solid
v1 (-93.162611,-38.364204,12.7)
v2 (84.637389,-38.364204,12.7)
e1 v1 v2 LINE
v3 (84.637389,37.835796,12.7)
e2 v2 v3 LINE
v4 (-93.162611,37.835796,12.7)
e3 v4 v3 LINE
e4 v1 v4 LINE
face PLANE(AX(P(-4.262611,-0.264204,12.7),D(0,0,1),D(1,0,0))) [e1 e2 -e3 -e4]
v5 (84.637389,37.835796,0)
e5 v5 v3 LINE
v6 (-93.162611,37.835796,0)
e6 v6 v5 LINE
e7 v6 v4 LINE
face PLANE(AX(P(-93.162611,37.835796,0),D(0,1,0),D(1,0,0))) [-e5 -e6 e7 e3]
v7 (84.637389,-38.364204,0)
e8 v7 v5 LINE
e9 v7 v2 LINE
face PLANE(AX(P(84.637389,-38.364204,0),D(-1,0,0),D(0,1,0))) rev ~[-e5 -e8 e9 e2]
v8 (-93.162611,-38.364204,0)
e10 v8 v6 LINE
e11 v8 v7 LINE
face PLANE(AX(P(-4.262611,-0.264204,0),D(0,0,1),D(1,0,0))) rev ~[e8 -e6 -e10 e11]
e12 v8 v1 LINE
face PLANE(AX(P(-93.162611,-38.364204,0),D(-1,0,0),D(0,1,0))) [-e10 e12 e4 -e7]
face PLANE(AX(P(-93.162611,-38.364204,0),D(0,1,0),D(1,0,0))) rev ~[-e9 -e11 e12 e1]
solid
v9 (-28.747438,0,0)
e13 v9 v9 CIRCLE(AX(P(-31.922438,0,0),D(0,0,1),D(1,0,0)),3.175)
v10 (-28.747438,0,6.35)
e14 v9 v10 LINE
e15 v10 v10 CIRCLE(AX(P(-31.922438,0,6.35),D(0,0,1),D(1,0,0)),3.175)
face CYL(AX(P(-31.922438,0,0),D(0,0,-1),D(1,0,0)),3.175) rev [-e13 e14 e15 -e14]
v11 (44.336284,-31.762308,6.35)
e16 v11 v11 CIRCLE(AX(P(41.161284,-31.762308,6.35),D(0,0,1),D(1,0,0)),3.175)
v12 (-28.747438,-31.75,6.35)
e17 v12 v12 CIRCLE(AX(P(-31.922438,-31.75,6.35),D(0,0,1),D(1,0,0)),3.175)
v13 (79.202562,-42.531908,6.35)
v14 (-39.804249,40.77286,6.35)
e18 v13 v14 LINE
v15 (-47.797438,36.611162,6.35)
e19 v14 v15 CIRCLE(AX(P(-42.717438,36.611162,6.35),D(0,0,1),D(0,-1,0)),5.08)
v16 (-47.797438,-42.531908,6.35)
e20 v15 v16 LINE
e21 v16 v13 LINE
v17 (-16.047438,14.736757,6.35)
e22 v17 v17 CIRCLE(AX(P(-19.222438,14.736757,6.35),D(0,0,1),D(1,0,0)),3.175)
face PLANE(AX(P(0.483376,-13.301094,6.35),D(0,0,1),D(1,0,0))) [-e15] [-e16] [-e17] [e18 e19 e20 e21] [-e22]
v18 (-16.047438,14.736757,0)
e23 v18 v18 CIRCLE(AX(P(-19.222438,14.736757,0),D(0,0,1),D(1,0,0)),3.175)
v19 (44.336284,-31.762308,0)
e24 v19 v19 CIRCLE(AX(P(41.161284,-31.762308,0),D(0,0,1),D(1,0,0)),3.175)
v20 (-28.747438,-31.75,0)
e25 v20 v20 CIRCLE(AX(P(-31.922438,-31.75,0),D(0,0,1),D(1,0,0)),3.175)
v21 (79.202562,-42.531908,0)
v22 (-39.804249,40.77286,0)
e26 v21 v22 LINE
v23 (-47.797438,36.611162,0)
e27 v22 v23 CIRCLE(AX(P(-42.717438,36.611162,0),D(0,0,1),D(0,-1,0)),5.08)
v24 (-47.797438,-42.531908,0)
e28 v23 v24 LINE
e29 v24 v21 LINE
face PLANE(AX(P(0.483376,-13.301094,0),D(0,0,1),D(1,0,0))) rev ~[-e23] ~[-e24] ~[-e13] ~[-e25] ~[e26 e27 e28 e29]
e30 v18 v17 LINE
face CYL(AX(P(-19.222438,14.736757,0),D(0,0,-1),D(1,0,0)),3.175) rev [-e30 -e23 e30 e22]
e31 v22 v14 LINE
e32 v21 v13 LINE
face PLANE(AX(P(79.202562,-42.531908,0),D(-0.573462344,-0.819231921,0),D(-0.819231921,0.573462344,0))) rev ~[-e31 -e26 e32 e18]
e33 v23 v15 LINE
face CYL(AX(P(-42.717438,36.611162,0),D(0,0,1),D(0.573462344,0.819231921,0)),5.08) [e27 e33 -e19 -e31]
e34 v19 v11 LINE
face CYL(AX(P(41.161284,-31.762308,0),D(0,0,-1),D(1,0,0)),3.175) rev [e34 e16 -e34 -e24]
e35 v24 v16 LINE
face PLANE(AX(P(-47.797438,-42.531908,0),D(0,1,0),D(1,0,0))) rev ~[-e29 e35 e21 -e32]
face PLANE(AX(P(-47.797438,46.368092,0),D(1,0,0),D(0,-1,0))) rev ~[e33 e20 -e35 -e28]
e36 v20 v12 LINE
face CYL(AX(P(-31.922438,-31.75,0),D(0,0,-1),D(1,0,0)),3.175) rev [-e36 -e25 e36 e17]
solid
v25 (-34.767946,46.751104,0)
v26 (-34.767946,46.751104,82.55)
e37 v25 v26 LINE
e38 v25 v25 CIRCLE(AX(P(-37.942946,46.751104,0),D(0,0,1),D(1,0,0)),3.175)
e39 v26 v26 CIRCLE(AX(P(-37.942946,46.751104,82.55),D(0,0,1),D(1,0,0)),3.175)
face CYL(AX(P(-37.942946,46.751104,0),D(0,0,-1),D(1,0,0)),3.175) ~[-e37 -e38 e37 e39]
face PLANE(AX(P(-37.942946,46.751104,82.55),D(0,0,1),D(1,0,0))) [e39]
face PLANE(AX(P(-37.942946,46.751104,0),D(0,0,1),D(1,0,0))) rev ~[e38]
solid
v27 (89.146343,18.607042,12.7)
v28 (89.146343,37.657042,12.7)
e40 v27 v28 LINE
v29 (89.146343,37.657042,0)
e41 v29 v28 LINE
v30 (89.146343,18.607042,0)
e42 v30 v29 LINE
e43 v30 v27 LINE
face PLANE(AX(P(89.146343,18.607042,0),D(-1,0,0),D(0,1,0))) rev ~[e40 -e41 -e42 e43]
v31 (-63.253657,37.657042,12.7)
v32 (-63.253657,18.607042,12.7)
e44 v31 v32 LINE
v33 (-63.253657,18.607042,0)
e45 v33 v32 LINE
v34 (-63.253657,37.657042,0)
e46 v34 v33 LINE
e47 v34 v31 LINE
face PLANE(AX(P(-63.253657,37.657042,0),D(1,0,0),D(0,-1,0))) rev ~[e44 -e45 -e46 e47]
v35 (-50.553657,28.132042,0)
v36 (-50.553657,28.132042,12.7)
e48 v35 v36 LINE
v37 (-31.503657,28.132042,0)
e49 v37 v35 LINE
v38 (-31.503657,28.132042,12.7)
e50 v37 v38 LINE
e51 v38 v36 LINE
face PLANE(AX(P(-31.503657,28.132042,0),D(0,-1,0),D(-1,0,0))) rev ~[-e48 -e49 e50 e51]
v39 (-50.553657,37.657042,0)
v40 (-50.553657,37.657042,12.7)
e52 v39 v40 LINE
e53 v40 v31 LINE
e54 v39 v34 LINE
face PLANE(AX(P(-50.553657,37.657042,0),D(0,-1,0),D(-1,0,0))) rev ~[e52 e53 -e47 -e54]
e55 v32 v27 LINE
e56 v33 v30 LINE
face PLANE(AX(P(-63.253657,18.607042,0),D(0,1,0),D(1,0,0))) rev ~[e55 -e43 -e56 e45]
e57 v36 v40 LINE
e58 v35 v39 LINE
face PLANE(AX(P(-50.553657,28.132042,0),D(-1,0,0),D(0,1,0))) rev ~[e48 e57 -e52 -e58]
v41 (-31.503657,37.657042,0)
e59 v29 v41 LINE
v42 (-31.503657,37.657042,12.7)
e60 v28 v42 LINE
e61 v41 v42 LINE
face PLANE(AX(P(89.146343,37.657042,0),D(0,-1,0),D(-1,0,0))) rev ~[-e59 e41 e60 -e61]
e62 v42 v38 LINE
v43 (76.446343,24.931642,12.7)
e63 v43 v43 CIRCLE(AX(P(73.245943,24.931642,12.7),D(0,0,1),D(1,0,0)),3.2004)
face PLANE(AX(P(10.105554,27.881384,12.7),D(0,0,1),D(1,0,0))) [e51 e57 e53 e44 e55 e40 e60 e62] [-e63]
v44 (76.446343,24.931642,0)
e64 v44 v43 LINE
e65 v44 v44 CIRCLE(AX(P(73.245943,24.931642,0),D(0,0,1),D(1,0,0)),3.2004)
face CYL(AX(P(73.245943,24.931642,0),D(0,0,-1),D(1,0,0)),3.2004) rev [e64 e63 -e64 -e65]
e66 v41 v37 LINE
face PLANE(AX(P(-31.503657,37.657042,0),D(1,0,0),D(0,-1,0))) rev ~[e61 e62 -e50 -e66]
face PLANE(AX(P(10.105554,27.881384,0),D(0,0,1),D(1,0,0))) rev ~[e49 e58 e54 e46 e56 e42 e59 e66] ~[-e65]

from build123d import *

# Parameters (mm, degrees)
F0_R     = 3.175
F1_DEPTH = 82.55
F2_W     = 177.8
F2_H     = 76.2
F3_DEPTH = 12.7
F4_R     = 3.175
F5_DEPTH = 6.35
F6_R     = 5.08
F7_R     = 3.2004
F8_DEPTH = 12.7


with BuildPart() as f1:
    # F0 (on Top) → F1 (new body)
    with BuildSketch(Plane.XY):
        with Locations((-37.942946, 46.751104)):
            Circle(F0_R)
    extrude(amount=F1_DEPTH)


with BuildPart() as f3:
    # F2 (on Top) → F3 (new body)
    with BuildSketch(Plane.XY):
        with Locations((-4.262611, -0.264204)):
            Rectangle(F2_W, F2_H)
    extrude(amount=F3_DEPTH)


with BuildPart() as f5:
    # F4 (on Top) → F5 (new body)
    with BuildSketch(Plane.XY):
        Polygon((79.202562, -42.531908), (-47.797438, 46.368092), (-47.797438, -42.531908), align=None)
        with Locations((-31.922438, -31.75)):
            Circle(F4_R, mode=Mode.SUBTRACT)
        with Locations((-31.922438, 0)):
            Circle(F4_R, mode=Mode.SUBTRACT)
        with Locations((41.161284, -31.762308)):
            Circle(F4_R, mode=Mode.SUBTRACT)
        with Locations((-19.222438, 14.736757)):
            Circle(F4_R, mode=Mode.SUBTRACT)
    extrude(amount=F5_DEPTH)

    # F6
    f6_edges = [f5.edges().sort_by_distance(p)[0] for p in [
        (-47.797438, 46.368092, 3.175),
    ]]
    fillet(f6_edges, radius=F6_R)


with BuildPart() as f8:
    # F7 (on Top) → F8 (new body)
    with BuildSketch(Plane.XY):
        Polygon((-50.553657, 37.657042), (-63.253657, 37.657042), (-63.253657, 18.607042), (89.146343, 18.607042), (89.146343, 37.657042), (-31.503657, 37.657042), (-31.503657, 28.132042), (-50.553657, 28.132042), align=None)
        with Locations((73.245943, 24.931642)):
            Circle(F7_R, mode=Mode.SUBTRACT)
    extrude(amount=F8_DEPTH)


solid = Compound([f1.part, f3.part, f5.part, f8.part])
